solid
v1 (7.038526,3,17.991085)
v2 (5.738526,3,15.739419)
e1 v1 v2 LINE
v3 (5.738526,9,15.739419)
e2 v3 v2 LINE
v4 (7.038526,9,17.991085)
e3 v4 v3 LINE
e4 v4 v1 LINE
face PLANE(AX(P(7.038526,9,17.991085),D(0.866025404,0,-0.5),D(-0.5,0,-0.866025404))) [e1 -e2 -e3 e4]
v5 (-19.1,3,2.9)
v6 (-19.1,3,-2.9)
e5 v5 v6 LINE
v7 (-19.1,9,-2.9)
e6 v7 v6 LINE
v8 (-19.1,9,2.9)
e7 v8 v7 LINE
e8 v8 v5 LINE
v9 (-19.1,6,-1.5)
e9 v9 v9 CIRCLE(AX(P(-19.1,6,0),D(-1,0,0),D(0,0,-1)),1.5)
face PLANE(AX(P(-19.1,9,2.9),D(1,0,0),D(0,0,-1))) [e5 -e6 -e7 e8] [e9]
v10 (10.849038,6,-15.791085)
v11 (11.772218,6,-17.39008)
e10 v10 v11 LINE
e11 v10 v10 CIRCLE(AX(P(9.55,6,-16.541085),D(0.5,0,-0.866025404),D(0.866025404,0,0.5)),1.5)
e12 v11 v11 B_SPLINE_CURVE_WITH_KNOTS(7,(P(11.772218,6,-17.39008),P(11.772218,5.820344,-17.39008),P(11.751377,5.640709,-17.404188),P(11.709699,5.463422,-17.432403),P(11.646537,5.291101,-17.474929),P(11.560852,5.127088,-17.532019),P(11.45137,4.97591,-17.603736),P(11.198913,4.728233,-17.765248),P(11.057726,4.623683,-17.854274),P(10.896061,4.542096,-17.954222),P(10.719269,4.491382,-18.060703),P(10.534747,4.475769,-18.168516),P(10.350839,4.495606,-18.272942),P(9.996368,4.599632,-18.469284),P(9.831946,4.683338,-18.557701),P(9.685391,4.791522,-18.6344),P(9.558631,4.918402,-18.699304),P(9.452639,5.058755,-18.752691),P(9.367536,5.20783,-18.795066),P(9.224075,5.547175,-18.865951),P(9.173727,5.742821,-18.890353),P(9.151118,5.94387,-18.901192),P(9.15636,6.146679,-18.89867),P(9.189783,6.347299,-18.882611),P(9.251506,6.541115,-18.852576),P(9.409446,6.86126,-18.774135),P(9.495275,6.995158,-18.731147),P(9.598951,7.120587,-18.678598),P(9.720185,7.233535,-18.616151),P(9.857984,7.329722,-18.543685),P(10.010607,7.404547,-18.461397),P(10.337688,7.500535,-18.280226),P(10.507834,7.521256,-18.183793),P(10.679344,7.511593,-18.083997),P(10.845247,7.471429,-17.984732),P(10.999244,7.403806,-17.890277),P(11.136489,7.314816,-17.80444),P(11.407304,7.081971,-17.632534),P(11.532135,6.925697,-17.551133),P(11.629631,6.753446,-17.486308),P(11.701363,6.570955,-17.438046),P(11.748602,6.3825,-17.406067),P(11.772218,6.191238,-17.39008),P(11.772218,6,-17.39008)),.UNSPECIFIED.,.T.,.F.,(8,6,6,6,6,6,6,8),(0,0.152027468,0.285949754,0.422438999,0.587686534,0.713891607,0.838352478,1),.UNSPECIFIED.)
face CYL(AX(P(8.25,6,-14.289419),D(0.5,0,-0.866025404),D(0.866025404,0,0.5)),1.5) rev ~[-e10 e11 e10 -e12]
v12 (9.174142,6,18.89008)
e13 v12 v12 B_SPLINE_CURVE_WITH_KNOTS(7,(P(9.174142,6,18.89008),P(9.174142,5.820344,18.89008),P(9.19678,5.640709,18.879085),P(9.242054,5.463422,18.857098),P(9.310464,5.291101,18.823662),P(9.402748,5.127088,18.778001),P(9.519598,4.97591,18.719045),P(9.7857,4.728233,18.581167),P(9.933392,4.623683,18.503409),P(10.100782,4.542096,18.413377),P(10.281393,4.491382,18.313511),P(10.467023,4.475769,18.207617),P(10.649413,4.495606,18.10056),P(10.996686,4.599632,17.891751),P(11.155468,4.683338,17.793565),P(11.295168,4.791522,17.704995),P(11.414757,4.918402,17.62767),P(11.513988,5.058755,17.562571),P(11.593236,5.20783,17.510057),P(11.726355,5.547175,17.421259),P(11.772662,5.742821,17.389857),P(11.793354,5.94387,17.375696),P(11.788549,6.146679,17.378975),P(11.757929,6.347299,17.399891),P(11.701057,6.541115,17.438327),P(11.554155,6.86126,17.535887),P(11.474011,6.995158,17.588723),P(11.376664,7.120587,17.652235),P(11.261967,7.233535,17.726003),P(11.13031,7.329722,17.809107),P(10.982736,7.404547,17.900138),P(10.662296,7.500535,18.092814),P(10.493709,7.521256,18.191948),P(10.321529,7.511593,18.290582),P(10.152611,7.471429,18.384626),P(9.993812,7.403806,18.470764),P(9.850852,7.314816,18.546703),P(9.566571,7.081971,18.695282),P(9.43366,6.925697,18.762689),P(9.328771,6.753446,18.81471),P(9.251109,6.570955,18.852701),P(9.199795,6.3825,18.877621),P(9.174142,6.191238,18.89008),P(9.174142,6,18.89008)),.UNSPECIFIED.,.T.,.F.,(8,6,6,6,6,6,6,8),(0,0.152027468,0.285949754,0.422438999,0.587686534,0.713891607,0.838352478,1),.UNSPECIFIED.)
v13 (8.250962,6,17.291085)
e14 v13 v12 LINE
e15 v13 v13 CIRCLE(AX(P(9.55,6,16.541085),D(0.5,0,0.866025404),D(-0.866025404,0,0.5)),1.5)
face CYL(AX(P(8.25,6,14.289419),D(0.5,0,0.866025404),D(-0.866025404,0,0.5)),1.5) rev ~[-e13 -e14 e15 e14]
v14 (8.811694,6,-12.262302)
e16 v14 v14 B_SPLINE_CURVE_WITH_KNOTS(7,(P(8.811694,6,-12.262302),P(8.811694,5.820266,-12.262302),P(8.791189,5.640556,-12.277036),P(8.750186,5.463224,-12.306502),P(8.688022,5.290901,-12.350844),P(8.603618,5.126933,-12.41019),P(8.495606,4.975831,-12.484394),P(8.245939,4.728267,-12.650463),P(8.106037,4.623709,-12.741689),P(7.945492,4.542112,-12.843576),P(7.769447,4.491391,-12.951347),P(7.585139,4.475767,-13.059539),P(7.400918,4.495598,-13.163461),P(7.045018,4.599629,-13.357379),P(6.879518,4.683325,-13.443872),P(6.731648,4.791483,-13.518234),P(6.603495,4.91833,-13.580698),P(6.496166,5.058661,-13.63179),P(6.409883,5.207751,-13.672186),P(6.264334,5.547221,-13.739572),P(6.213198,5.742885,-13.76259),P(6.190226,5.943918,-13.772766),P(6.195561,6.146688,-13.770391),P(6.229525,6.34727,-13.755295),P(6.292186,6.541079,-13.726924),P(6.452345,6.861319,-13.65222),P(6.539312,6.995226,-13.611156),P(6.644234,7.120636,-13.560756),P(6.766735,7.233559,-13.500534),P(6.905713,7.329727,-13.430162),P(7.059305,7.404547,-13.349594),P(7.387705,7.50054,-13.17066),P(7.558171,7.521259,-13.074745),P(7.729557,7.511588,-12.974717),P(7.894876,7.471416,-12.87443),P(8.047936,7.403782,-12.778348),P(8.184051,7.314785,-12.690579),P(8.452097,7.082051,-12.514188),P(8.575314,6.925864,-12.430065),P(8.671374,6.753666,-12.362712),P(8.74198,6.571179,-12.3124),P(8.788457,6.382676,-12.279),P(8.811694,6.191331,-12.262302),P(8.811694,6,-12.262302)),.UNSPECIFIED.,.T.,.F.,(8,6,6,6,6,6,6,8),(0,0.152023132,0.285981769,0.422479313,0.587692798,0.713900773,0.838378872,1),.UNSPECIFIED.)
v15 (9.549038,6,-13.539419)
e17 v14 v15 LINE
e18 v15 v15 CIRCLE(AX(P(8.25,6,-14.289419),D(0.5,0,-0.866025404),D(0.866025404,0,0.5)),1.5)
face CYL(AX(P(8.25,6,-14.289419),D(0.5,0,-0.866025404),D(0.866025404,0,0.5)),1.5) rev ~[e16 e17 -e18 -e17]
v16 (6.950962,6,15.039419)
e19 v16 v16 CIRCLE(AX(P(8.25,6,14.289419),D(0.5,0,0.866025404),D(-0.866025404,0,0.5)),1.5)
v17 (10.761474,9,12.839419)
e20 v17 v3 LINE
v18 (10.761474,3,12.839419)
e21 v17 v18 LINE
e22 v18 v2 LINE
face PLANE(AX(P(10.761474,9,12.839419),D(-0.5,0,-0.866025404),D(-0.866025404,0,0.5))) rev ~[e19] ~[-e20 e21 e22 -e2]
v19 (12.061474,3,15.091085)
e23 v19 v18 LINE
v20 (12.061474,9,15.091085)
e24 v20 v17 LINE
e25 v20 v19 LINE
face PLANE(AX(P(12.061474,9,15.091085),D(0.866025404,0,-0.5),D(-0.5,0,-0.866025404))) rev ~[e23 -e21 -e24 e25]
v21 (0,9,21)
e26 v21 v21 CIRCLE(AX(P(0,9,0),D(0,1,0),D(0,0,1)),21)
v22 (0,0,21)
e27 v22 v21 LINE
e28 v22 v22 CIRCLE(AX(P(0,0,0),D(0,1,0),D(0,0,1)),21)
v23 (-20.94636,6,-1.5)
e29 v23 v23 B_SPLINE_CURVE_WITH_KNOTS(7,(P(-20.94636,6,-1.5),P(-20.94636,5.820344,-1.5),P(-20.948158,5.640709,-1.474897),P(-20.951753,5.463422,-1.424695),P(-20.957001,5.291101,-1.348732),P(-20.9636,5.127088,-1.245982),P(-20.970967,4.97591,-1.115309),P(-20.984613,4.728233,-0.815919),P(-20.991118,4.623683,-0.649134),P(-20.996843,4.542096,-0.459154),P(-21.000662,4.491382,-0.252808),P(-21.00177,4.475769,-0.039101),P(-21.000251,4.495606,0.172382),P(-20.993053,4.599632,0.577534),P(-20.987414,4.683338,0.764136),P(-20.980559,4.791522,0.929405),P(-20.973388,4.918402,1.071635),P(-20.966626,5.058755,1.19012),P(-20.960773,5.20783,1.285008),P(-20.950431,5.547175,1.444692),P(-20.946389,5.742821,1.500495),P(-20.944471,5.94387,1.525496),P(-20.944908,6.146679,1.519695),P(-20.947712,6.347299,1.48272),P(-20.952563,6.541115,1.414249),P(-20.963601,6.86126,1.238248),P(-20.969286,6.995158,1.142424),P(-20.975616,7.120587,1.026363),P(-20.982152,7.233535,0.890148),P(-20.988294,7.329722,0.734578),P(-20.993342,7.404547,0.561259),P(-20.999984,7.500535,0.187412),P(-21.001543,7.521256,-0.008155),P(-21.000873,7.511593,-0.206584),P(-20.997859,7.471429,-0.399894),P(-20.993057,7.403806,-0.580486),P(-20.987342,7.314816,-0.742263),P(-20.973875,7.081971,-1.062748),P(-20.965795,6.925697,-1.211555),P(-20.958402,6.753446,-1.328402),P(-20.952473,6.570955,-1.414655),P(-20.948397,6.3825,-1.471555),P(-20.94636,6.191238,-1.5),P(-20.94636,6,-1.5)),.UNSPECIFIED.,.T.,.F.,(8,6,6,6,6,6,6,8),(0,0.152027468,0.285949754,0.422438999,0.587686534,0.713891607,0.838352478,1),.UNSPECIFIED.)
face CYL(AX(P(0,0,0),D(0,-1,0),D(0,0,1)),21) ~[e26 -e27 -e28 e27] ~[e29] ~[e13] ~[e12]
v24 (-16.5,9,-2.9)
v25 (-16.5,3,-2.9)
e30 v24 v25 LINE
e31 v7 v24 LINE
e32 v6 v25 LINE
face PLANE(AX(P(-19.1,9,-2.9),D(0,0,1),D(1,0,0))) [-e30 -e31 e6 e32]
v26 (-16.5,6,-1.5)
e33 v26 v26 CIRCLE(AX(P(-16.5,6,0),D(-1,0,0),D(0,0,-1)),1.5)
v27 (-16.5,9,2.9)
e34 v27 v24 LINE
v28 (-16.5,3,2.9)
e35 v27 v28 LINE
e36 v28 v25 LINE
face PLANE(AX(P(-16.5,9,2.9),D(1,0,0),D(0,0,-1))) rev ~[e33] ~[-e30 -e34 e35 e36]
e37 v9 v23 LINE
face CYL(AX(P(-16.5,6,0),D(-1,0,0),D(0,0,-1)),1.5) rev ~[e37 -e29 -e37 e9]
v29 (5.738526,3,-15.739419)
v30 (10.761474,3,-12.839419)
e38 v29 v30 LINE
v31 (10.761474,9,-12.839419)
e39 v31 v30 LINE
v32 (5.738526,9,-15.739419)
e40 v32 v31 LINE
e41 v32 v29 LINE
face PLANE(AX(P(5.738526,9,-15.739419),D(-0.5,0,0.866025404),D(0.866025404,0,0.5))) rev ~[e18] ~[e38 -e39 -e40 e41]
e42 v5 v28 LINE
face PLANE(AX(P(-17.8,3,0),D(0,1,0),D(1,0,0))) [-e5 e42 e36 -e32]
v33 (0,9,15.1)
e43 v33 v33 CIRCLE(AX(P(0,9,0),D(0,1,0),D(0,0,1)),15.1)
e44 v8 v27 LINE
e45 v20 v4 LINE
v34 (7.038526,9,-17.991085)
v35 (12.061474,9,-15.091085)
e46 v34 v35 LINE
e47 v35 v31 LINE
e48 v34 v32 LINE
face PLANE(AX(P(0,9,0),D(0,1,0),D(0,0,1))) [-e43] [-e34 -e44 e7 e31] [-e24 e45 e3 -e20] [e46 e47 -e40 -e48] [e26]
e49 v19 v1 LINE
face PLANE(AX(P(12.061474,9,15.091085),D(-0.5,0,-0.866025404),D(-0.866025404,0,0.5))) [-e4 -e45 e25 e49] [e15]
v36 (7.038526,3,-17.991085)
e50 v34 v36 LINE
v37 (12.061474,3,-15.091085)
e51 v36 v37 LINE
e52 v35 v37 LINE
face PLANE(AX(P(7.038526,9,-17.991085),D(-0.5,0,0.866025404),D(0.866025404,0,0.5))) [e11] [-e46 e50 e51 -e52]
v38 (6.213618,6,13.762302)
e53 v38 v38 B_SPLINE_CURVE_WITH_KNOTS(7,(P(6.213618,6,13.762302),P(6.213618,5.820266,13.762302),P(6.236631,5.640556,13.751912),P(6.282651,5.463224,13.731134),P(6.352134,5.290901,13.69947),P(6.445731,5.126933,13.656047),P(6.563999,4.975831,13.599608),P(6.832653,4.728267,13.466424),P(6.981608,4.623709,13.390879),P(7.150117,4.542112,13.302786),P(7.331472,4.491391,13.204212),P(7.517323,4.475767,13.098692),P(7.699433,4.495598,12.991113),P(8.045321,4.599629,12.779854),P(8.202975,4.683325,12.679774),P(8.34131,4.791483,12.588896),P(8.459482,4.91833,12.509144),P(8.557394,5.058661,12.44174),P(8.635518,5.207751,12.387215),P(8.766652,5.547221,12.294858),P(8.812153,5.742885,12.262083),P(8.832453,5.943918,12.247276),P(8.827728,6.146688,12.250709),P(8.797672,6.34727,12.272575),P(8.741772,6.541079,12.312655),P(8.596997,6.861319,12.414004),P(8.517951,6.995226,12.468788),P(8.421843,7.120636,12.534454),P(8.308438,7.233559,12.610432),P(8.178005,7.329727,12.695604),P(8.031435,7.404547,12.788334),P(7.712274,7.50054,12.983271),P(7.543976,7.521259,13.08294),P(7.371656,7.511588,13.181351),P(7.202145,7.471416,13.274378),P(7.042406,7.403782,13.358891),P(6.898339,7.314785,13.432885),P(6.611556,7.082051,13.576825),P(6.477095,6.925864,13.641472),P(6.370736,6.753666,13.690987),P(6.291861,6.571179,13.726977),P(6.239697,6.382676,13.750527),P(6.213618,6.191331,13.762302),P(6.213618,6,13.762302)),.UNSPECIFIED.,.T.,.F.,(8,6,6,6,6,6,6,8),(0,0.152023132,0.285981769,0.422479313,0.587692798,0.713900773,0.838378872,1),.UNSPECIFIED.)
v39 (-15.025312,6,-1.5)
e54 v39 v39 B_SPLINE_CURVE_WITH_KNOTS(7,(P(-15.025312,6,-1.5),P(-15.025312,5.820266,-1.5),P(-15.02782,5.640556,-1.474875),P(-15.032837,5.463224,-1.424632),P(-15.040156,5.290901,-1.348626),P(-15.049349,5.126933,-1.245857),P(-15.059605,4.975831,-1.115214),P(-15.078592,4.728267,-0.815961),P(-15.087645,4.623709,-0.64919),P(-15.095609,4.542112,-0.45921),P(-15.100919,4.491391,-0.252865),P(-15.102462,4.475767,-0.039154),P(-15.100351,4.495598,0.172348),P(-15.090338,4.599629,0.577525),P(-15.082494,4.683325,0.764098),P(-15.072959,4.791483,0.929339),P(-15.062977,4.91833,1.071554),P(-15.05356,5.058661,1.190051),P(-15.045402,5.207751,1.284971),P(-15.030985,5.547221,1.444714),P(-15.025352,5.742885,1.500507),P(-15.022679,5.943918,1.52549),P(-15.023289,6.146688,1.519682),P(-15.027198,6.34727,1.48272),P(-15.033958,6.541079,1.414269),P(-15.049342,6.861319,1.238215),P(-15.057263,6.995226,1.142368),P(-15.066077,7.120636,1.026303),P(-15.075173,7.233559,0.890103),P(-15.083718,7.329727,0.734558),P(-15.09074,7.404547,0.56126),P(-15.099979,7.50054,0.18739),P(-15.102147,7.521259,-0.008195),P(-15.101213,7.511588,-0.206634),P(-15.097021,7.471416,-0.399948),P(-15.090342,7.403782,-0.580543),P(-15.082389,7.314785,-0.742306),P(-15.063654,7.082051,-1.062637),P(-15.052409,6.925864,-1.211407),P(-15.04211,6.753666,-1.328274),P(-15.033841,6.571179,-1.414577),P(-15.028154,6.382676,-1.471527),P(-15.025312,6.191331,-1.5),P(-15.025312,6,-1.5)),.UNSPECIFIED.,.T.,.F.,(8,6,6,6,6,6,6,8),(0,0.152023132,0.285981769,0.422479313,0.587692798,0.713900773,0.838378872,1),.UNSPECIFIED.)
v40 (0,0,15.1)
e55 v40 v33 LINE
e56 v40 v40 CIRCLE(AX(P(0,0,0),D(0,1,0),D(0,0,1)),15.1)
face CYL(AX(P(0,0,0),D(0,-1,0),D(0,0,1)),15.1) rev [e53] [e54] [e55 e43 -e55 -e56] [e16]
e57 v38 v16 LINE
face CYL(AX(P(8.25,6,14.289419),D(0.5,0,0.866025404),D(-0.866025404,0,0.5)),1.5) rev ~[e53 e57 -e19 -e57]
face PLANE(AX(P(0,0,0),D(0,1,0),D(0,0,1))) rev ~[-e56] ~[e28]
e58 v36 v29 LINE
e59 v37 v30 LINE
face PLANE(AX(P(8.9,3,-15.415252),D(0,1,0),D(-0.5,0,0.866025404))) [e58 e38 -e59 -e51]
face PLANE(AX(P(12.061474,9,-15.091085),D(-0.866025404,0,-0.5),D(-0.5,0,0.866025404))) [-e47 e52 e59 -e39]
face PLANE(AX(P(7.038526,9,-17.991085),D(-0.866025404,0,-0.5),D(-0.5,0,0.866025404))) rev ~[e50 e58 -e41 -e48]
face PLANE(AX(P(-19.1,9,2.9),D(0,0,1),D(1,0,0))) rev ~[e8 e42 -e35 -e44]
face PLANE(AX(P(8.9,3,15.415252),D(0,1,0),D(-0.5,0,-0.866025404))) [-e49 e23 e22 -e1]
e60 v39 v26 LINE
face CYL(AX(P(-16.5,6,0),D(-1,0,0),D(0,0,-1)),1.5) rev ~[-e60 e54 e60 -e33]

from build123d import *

# Parameters (mm, degrees)
SKETCH1_R           = 21
SKETCH1_R_2         = 15.1
BOSS_EXTRUDE1_DEPTH = 9
SKETCH2_W           = 2.6
SKETCH2_H           = 5.8
CUT_EXTRUDE1_DEPTH  = 6
SKETCH3_R           = 1.5
CUT_EXTRUDE2_DEPTH  = 6
CIRPATTERN1_COUNT   = 3


with BuildPart() as part:
    # Sketch1 → Boss-Extrude1 (new body)
    with BuildSketch(Plane(origin=(0, 0, 0), x_dir=(1, 0, 0), z_dir=(0, 1, 0))):
        Circle(SKETCH1_R)
        Circle(SKETCH1_R_2, mode=Mode.SUBTRACT)
    extrude(amount=BOSS_EXTRUDE1_DEPTH)

    # Sketch2 → Cut-Extrude1 (cut)
    with BuildSketch(Plane(origin=(0, 9, 0), x_dir=(1, 0, 0), z_dir=(0, 1, 0))):
        with Locations((-17.8, 0)):
            Rectangle(SKETCH2_W, SKETCH2_H)
    cut_extrude1 = extrude(amount=-CUT_EXTRUDE1_DEPTH, mode=Mode.SUBTRACT)

    # Sketch3 → Cut-Extrude2 (cut, symmetric)
    with BuildSketch(Plane.ZY.offset(16.5)):
        with Locations((0, 6)):
            Circle(SKETCH3_R)
    cut_extrude2 = extrude(amount=CUT_EXTRUDE2_DEPTH, both=True, mode=Mode.SUBTRACT)

    # CirPattern1: Cut-Extrude1, Cut-Extrude2 ×3 about axis
    cirpattern1_axis = Axis((0, 9.45, 0), (0, -1, 0))
    add([cut_extrude1.rotate(cirpattern1_axis, i * 360 / CIRPATTERN1_COUNT) for i in range(1, CIRPATTERN1_COUNT)], mode=Mode.SUBTRACT)
    add([cut_extrude2.rotate(cirpattern1_axis, i * 360 / CIRPATTERN1_COUNT) for i in range(1, CIRPATTERN1_COUNT)], mode=Mode.SUBTRACT)


solid = part.part
